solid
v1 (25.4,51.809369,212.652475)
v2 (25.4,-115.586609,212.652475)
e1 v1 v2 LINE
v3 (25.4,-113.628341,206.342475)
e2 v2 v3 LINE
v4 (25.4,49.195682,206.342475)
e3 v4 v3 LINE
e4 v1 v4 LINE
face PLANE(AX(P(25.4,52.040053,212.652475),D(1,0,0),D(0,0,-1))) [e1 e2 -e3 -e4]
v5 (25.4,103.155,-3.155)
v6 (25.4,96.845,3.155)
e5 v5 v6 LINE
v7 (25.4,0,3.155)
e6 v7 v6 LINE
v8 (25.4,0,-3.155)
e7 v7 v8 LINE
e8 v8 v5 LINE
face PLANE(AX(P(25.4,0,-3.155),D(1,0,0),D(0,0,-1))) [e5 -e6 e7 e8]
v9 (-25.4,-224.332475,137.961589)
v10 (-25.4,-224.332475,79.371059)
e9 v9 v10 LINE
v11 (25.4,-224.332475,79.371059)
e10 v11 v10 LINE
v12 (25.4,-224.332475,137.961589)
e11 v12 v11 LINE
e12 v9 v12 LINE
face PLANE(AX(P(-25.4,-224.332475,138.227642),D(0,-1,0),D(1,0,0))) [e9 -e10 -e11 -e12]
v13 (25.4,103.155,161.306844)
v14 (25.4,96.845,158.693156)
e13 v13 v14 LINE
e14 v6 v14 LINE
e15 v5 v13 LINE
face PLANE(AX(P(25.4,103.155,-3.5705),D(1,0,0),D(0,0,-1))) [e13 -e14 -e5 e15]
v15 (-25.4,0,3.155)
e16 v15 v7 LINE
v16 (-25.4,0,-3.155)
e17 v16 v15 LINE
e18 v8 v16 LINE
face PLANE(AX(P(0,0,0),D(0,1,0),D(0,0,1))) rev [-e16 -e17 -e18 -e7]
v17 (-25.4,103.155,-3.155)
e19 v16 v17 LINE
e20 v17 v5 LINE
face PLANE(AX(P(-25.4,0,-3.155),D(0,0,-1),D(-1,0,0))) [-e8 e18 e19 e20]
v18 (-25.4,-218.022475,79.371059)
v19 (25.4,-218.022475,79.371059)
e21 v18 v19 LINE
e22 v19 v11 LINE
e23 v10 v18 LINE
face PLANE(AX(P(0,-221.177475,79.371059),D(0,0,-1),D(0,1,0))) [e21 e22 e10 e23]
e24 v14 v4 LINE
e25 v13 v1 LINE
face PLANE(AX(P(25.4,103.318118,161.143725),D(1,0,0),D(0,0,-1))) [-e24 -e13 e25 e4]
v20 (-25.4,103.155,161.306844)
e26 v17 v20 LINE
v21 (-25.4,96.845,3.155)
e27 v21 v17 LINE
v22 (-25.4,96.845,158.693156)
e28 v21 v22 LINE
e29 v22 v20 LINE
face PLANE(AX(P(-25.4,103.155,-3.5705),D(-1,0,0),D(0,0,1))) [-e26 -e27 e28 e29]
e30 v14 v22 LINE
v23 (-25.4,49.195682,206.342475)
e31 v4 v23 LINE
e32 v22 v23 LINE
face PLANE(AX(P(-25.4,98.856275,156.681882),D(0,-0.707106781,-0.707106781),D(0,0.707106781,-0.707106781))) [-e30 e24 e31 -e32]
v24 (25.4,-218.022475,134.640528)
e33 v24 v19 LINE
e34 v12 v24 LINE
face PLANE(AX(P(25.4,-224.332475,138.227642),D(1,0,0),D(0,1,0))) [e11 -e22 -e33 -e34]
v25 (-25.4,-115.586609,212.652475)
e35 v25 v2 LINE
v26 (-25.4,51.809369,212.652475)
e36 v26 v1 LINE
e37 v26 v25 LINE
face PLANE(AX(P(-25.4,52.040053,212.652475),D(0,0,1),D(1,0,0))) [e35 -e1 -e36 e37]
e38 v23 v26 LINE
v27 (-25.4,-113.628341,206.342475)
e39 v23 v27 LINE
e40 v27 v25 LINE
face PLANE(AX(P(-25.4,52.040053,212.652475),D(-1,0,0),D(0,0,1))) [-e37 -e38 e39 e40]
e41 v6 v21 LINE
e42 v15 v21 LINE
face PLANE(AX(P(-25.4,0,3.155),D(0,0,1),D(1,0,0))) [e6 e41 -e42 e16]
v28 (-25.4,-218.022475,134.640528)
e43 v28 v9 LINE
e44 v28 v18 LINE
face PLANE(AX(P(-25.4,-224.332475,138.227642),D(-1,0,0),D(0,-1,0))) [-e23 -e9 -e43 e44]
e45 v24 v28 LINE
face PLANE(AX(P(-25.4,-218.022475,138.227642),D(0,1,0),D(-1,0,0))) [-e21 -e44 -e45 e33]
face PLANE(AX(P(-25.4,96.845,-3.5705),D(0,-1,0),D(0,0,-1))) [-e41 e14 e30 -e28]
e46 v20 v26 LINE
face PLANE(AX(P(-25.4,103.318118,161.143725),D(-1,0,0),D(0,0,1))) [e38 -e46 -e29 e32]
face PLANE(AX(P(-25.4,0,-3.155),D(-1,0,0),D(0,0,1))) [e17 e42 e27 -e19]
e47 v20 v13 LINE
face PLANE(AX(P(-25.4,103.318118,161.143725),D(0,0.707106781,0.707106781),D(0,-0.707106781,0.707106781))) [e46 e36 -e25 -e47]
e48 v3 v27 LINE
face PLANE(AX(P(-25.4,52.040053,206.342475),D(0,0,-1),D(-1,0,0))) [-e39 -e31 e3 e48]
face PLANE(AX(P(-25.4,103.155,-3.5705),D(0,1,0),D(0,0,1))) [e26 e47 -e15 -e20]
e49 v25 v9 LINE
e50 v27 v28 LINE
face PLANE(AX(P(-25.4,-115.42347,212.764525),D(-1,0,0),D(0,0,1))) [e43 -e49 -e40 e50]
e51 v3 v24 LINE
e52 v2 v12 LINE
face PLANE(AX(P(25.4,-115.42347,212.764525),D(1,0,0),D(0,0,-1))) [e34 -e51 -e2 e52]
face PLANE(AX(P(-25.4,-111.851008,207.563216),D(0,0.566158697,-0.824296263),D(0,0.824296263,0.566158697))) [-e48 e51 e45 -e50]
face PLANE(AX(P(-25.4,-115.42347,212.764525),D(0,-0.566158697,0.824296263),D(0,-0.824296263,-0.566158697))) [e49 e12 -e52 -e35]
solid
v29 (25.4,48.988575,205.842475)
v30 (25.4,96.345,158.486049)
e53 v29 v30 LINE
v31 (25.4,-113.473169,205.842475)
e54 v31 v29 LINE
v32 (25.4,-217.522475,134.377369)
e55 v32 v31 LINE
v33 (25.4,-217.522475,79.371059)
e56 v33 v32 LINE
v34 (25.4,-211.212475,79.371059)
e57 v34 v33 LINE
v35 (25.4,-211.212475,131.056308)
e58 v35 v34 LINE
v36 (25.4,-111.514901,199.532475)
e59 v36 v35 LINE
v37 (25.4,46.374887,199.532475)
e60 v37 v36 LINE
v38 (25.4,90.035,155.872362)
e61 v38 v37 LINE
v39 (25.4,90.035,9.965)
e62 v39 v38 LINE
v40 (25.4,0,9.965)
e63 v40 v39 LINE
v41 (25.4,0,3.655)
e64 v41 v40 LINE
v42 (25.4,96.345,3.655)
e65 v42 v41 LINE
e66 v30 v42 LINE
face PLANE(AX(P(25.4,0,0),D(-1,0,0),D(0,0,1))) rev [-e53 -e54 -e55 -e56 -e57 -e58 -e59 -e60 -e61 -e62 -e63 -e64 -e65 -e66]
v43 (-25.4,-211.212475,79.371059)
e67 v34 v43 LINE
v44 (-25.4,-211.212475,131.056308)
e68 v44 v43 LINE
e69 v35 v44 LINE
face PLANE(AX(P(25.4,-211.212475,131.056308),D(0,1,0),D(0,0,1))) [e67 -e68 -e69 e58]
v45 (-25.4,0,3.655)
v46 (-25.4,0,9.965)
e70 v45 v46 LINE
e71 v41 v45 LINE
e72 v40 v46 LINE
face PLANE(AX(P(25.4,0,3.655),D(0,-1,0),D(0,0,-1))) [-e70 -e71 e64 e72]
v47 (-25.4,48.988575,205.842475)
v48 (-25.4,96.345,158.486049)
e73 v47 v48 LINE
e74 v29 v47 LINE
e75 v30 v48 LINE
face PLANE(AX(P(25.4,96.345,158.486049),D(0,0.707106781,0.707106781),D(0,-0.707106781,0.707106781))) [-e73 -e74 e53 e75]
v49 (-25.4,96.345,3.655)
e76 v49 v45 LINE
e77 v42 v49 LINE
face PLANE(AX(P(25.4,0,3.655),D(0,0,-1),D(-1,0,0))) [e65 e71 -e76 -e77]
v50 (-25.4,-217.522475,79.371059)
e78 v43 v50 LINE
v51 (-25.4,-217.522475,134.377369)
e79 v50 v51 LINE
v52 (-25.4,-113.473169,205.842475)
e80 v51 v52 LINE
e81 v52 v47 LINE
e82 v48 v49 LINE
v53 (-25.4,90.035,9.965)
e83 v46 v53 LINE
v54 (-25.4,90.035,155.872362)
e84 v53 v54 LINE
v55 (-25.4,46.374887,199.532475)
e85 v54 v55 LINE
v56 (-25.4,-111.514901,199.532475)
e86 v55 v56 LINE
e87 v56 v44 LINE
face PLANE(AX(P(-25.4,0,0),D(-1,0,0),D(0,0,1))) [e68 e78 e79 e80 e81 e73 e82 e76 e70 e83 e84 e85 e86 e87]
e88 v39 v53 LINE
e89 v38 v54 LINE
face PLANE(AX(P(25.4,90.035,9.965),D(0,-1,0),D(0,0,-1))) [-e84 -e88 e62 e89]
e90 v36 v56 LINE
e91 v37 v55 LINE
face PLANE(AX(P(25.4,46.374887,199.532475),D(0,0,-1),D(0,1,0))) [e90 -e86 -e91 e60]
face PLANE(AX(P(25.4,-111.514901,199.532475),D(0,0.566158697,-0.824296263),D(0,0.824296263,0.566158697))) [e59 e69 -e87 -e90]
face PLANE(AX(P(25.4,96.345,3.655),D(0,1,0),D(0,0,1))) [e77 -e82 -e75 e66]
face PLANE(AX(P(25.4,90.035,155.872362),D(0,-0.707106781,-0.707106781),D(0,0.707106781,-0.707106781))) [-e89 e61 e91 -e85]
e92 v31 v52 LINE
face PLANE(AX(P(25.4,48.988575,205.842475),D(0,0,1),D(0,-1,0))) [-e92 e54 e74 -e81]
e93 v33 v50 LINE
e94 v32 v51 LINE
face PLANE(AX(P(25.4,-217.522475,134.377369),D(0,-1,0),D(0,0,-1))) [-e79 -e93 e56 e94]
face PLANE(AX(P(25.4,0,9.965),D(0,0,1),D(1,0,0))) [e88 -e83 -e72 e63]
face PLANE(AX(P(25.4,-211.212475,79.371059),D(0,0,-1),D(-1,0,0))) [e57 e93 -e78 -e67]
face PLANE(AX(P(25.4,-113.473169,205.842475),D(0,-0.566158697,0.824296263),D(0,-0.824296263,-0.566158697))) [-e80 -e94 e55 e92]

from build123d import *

# Parameters (mm, degrees)
CROQUIS1_W              = 50.8
CROQUIS1_H              = 6.31
SALIENTE_EXTRUIR1_DEPTH = 50.8


with BuildPart() as part:
    # Barrer1: sweep along a curve in space
    with BuildLine() as barrer1_path:
        Line((0, 0, 0), (0, 100, 0))
        Line((0, 100, 0), (0, 100, 160))
        Line((0, 100, 160), (0, 50.502525317, 209.497474683))
        Line((0, 50.502525317, 209.497474683), (0, -114.607474683, 209.497474683))
        Line((0, -221.177474683, 136.301058522), (0, -114.607474683, 209.497474683))
        Line((0, -221.177474683, 136.301058522), (0, -221.177474683, 79.371058522))
    # Croquis1 → Barrer1 (sweep)
    with BuildSketch(Plane(origin=(0, 0, 0), x_dir=(1, 0, 0), z_dir=(0, 1, 0))):
        Rectangle(CROQUIS1_W, CROQUIS1_H)
    sweep(path=barrer1_path.line, transition=Transition.RIGHT)


with BuildPart() as body_2:
    # Croquis2 → Saliente-Extruir1 (new body)
    with BuildSketch(Plane.ZY.offset(25.4)):
        Polygon((3.655, 0), (3.655, 96.345), (158.48604943, 96.345), (205.842474683, 48.988574746), (205.842474683, -113.473168771), (134.377369149, -217.522474683), (79.371058522, -217.522474683), (79.371058522, -211.212474683), (131.056307604, -211.212474683), (199.532474683, -111.514900561), (199.532474683, 46.374887168), (155.872361851, 90.035), (9.965, 90.035), (9.965, 0), align=None)
    extrude(amount=-SALIENTE_EXTRUIR1_DEPTH)


solid = Compound([part.part, body_2.part])
